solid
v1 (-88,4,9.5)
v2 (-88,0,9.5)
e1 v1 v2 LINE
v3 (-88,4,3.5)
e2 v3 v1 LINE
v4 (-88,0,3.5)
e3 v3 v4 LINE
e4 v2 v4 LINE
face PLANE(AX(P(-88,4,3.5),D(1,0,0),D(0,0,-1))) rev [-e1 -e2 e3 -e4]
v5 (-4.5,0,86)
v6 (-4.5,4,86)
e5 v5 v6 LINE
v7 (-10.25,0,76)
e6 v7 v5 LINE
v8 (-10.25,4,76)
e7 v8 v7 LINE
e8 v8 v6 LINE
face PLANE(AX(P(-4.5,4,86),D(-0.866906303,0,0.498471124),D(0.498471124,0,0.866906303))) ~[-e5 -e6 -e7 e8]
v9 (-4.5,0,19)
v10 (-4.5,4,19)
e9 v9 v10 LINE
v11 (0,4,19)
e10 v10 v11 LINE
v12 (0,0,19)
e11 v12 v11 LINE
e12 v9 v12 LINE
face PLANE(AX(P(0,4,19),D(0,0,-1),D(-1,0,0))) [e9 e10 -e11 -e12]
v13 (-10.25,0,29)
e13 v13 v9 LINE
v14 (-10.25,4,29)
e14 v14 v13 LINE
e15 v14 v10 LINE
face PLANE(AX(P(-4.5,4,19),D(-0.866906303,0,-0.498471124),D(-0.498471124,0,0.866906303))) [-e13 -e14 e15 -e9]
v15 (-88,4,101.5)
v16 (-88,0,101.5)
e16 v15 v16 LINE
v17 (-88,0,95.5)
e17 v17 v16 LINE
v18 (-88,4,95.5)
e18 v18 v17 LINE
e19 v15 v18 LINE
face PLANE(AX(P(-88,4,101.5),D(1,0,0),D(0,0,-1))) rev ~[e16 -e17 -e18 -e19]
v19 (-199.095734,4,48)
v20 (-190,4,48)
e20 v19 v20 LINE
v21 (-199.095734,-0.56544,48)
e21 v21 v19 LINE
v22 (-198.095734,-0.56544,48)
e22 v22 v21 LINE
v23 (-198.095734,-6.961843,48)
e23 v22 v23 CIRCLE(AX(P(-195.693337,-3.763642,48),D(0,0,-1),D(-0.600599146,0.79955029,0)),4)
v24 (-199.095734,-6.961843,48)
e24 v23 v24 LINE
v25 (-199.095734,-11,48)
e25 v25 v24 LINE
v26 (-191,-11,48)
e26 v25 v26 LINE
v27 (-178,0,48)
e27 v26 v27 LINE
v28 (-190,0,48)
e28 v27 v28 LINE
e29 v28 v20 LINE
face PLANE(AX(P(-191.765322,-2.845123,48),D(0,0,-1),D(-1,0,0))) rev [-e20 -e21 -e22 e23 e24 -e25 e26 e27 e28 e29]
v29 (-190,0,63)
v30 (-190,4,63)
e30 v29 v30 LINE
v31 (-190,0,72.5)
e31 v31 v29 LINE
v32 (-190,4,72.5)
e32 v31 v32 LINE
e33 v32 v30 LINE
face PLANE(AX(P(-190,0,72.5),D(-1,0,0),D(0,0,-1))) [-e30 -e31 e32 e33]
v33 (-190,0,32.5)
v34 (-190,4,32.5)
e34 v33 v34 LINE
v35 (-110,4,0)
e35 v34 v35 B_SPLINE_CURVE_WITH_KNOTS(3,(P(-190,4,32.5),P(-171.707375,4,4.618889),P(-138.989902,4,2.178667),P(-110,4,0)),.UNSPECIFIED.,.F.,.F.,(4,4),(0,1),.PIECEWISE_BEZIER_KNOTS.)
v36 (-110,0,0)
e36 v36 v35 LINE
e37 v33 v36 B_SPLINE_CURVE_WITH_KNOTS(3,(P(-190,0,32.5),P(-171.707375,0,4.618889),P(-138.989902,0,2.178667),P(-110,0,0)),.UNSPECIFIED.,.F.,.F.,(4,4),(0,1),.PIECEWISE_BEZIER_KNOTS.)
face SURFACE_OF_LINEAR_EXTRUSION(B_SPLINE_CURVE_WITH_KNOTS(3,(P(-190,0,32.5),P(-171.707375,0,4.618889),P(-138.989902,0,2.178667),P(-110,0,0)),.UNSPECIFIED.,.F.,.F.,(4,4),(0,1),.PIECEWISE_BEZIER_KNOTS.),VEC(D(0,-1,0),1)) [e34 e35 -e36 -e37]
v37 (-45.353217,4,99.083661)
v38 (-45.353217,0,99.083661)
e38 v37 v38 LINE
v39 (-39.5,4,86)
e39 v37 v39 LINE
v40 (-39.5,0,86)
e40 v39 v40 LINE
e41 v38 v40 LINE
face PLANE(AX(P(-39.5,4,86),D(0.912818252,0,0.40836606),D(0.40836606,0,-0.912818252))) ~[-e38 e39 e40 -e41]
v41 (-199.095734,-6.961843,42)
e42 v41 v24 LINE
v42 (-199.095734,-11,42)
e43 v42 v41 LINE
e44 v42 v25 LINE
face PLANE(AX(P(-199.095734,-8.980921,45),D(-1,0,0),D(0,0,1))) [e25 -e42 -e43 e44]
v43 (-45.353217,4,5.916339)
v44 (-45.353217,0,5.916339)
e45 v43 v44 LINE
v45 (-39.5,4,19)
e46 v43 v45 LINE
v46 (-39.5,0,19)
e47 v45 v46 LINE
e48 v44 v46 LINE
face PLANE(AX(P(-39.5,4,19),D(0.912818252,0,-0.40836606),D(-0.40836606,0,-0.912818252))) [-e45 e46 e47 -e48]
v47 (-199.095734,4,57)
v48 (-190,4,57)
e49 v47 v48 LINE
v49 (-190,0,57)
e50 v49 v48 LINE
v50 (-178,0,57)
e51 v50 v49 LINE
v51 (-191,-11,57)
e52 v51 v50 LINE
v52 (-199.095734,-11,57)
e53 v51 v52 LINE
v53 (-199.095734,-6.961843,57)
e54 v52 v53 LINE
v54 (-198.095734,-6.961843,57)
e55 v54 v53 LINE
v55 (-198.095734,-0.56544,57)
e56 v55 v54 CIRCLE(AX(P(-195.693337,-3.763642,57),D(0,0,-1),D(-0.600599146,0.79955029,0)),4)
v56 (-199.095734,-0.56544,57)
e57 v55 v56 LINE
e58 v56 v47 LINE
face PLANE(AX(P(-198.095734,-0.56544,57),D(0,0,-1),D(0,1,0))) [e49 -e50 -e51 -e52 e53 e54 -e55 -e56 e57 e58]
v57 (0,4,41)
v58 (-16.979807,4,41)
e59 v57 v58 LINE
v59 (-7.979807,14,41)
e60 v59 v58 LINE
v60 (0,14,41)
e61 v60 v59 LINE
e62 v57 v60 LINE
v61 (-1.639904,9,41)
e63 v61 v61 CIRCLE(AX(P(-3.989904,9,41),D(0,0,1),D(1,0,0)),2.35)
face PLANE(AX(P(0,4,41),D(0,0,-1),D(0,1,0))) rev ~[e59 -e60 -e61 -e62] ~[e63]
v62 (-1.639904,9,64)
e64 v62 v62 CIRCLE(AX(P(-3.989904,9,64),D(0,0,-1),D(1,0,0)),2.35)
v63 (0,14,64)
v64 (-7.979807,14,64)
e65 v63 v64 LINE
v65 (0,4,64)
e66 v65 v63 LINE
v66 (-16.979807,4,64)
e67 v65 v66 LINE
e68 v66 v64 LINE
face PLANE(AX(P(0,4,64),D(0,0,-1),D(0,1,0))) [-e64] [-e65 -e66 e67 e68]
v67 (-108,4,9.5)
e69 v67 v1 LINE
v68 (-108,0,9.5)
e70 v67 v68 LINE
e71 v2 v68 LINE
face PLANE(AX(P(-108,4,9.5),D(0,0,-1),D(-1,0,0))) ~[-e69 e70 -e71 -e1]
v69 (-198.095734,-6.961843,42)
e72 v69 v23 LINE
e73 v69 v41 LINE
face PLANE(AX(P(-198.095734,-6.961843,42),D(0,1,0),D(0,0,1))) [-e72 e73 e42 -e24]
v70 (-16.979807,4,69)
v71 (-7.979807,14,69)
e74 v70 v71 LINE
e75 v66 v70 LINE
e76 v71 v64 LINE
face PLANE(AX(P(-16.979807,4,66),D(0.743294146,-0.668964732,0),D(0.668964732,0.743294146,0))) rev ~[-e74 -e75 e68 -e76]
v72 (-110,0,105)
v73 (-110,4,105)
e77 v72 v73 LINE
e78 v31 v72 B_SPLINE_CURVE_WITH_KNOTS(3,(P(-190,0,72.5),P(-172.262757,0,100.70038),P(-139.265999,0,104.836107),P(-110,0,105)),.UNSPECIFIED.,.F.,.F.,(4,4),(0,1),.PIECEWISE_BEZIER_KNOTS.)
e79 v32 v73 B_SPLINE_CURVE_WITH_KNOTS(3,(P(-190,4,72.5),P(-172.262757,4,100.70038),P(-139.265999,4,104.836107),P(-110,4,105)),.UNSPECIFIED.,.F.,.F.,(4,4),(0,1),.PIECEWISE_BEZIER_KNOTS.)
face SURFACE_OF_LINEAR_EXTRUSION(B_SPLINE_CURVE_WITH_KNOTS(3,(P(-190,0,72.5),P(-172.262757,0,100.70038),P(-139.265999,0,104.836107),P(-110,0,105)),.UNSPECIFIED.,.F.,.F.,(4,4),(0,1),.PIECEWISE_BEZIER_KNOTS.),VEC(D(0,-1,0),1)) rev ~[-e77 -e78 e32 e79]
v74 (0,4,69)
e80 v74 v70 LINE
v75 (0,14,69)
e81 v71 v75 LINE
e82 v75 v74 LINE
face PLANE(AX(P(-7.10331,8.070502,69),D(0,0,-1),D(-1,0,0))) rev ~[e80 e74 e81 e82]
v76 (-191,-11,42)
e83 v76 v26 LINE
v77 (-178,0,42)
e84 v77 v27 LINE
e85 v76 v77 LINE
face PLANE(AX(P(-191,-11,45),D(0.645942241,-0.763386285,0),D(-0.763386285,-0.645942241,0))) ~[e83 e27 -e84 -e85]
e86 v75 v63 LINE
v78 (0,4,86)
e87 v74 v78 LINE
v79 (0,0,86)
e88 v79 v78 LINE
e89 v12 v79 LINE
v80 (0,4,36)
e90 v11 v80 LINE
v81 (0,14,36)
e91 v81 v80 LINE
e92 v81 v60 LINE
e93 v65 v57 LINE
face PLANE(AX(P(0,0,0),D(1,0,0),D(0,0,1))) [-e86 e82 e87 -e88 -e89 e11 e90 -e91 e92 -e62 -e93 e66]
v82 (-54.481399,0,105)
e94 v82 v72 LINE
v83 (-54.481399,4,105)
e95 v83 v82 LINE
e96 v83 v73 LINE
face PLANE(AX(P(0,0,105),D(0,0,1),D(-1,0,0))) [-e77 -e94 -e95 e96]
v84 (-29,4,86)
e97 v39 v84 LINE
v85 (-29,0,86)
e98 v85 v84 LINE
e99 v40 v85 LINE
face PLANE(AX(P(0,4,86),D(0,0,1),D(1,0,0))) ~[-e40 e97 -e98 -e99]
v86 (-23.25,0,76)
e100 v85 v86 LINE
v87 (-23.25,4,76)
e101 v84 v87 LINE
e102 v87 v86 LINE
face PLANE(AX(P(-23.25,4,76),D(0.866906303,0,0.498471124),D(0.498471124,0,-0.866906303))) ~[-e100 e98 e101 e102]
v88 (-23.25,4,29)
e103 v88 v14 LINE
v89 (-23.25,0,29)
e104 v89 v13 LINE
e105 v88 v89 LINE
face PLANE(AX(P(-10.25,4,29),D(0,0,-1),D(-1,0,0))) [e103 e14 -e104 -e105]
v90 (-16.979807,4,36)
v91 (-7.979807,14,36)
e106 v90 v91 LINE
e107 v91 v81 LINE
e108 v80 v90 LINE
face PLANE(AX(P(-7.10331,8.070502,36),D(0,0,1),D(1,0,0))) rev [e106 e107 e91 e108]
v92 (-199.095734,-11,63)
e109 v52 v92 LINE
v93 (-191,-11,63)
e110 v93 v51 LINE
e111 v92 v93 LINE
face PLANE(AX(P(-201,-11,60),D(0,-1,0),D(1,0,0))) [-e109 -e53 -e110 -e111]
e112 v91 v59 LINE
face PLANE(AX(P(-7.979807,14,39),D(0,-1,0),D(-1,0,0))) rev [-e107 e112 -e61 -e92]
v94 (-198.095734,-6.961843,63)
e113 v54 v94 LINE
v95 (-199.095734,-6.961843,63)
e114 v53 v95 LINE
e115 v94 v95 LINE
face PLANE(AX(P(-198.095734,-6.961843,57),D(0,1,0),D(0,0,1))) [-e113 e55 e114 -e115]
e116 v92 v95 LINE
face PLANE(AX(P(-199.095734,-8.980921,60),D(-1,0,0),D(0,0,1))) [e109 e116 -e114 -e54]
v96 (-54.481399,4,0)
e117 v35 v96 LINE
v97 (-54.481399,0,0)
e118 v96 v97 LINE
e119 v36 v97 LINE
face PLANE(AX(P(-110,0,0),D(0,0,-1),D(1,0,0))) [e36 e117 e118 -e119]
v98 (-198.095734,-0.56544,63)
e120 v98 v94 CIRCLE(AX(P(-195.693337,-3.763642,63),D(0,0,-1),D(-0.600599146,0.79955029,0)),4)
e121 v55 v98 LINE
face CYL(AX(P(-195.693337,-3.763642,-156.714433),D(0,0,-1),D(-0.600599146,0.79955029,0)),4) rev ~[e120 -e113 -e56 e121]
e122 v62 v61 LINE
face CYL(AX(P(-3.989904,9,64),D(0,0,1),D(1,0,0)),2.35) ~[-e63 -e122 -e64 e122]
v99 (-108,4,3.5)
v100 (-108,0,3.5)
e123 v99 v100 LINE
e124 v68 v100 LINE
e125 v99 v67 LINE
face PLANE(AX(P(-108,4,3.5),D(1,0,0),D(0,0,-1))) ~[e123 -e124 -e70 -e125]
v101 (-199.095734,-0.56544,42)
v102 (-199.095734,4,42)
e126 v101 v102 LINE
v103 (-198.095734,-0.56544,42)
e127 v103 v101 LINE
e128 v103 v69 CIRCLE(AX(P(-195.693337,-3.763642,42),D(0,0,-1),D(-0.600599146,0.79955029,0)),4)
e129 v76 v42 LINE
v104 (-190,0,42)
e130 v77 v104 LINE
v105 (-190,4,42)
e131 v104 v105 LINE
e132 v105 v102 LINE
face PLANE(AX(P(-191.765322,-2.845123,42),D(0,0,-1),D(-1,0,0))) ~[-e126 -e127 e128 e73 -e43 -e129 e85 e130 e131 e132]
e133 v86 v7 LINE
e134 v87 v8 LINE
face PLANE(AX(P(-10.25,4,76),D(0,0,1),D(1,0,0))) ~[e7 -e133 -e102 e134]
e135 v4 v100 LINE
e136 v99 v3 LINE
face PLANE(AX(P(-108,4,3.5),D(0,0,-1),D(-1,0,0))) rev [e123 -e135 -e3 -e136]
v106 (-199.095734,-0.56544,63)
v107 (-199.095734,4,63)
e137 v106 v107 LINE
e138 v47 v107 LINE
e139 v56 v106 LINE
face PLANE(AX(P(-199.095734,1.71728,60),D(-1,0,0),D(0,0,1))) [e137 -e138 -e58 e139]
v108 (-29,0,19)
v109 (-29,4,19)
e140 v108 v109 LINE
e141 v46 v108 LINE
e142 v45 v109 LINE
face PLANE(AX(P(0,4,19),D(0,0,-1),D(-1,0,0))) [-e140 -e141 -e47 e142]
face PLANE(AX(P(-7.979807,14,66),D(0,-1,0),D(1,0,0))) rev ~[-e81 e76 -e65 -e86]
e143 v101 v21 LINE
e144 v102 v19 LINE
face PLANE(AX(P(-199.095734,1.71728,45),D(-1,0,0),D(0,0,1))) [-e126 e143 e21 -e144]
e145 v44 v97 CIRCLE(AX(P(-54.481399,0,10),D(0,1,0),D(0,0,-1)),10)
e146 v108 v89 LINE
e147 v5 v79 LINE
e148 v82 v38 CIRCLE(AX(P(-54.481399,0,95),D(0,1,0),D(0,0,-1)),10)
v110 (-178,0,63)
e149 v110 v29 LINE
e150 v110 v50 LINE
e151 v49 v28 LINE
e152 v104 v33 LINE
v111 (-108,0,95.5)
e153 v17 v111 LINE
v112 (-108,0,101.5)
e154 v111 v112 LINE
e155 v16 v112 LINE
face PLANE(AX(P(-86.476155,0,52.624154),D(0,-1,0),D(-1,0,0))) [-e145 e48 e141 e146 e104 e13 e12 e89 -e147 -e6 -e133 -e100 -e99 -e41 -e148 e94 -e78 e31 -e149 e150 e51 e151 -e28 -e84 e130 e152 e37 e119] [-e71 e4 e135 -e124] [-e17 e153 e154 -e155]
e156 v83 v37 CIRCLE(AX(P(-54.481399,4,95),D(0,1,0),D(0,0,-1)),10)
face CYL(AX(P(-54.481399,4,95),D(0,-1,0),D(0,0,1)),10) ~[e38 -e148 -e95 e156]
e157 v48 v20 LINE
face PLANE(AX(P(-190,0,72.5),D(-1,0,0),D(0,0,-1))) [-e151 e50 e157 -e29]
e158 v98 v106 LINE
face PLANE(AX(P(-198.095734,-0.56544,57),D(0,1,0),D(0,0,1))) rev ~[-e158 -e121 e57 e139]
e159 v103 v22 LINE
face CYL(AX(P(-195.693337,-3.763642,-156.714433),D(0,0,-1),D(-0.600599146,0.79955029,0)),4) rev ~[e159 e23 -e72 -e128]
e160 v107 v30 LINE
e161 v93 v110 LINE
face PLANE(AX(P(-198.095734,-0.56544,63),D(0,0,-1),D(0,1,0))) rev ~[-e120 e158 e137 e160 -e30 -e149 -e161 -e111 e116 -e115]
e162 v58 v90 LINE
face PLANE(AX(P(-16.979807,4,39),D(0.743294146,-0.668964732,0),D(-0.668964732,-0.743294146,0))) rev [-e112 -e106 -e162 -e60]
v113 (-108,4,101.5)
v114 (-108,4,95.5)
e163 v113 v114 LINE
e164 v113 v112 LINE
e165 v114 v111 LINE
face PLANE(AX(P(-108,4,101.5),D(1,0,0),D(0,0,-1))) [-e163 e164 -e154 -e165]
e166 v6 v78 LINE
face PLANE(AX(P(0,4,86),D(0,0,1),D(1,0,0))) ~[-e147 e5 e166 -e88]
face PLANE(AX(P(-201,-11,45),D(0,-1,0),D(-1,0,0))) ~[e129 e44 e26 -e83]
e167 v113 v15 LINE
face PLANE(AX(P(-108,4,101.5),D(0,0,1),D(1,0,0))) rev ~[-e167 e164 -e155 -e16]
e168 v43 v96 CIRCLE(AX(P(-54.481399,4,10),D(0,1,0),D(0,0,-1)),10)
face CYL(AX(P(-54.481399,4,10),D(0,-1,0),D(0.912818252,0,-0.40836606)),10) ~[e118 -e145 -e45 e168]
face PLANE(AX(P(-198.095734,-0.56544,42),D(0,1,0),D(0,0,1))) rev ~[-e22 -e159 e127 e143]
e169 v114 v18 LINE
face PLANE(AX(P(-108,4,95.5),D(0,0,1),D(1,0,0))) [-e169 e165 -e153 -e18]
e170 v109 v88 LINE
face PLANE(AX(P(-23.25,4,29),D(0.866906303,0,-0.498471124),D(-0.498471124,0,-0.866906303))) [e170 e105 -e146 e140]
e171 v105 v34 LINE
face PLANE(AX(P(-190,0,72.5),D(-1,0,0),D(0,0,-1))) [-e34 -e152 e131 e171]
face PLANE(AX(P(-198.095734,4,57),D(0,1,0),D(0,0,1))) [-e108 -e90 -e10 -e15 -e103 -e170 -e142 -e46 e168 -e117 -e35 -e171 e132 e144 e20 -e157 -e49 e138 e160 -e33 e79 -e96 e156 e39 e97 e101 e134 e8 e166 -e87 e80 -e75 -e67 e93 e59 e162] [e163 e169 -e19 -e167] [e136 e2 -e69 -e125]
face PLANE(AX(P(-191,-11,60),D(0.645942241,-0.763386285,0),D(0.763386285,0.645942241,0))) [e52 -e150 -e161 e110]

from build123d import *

# Parameters (mm, degrees)
BOSS_EXTRUDE1_DEPTH     = 4
BOSS_EXTRUDE2_START     = -45
BOSS_EXTRUDE2_DEPTH     = 3
BOSS_EXTRUDE3_START     = -39
BOSS_EXTRUDE3_DEPTH     = 3
BOSS_EXTRUDE4_REACH     = 213.107
SKETCH6_R               = 2.5
SKETCH7_W               = 20
SKETCH7_H               = 6
CUT_EXTRUDE1_DEPTH      = 10
CUT_EXTRUDE2_DEPTH      = 228.268563733
FILLET1_R               = 10
CUT_EXTRUDE3_DEPTH      = 228.268563733
SKETCH12_W              = 23
SKETCH12_H              = 10
CUT_EXTRUDE6_DEPTH      = 21
BOSS_EXTRUDE5_REACH     = 213.407
SKETCH13_R              = 2.35
CUT_EXTRUDE7_DEPTH      = 209.214432859
CUT_EXTRUDE7_DEPTH_BACK = 209.214432859
SKETCH15_W              = 6
SKETCH15_H              = 4.56544039
SKETCH15_H_2            = 4.038157292
BOSS_EXTRUDE6_DEPTH     = 1


with BuildPart() as part:
    # Sketch1 → Boss-Extrude1 (new body)
    with BuildSketch(Plane(origin=(0, 0, 0), x_dir=(1, 0, 0), z_dir=(0, 1, 0))):
        with BuildLine():
            Line((-110, 0), (0, 0))
            Line((0, 0), (0, -105))
            Line((0, -105), (-110, -105))
            add(Edge.make_bspline(
                [(-190, -72.5), (-172.262756658, -100.700379519), (-139.265999107, -104.836107107), (-110, -105)],
                knots=[0, 0, 0, 0, 1, 1, 1, 1], degree=3))
            Line((-190, -72.5), (-190, -32.5))
            add(Edge.make_bspline(
                [(-190, -32.5), (-171.707374586, -4.618888995), (-138.989901699, -2.178666842), (-110, 0)],
                knots=[0, 0, 0, 0, 1, 1, 1, 1], degree=3))
        make_face()
    extrude(amount=BOSS_EXTRUDE1_DEPTH)

    # Sketch2 → Boss-Extrude2 (add, symmetric)
    with BuildSketch(Plane.XY.offset(105).offset(BOSS_EXTRUDE2_START)):
        Polygon((-190, 4), (-201, 4), (-201, -11), (-191, -11), (-178, 0), align=None)
    boss_extrude2 = extrude(amount=BOSS_EXTRUDE2_DEPTH, both=True)

    # Mirror1: Boss-Extrude2 across plane
    add(boss_extrude2.mirror(Plane.XY.offset(52.5)))

    # Sketch5 → Boss-Extrude3 (add, symmetric)
    with BuildSketch(Plane.XY.offset(105).offset(BOSS_EXTRUDE3_START)):
        Polygon((-16.979807258, 4), (-7.979807258, 14), (0, 14), (0, 4), align=None)
    boss_extrude3 = extrude(amount=BOSS_EXTRUDE3_DEPTH, both=True)

    # Mirror4: Boss-Extrude3 across plane
    add(boss_extrude3.mirror(Plane.XY.offset(52.5)))

    # Sketch6 → Boss-Extrude4 (add, up to next)
    with BuildSketch(Plane.XY.offset(42), mode=Mode.PRIVATE) as boss_extrude4_sk1:
        with Locations(Location((-4, 10, 0), (0, 0, 180))):
            Circle(SKETCH6_R)
    boss_extrude4_tool1 = extrude(boss_extrude4_sk1.sketch, amount=BOSS_EXTRUDE4_REACH, mode=Mode.PRIVATE) - part.part
    add(boss_extrude4_tool1.solids().sort_by_distance((-4, 10, 42))[0])

    # Sketch7 → Cut-Extrude1 (cut)
    with BuildSketch(Plane(origin=(0, 4, 0), x_dir=(1, 0, 0), z_dir=(0, 1, 0))):
        with Locations((-98, -98.5)):
            Rectangle(SKETCH7_W, SKETCH7_H)
    cut_extrude1 = extrude(amount=-CUT_EXTRUDE1_DEPTH, mode=Mode.SUBTRACT)

    # Mirror5: Cut-Extrude1 across plane
    add(cut_extrude1.mirror(Plane.XY.offset(52.5)), mode=Mode.SUBTRACT)

    # Sketch10 → Cut-Extrude2 (cut, symmetric)
    with BuildSketch(Plane(origin=(0, 4, 0), x_dir=(1, 0, 0), z_dir=(0, 1, 0))):
        Polygon((0, -19), (-39.5, -19), (-48, 0), (0, 0), align=None)
    cut_extrude2 = extrude(amount=CUT_EXTRUDE2_DEPTH, both=True, mode=Mode.SUBTRACT)

    # Mirror6: Cut-Extrude2 across plane
    add(cut_extrude2.mirror(Plane.XY.offset(52.5)), mode=Mode.SUBTRACT)

    # Fillet1
    fillet1_edges = [part.edges().sort_by_distance(p)[0] for p in [
        (-48, 2, 0),
        (-48, 2, 105),
    ]]
    fillet(fillet1_edges, radius=FILLET1_R)

    # Sketch11 → Cut-Extrude3 (cut, symmetric)
    with BuildSketch(Plane(origin=(0, 4, 0), x_dir=(1, 0, 0), z_dir=(0, 1, 0))):
        Polygon((-4.5, -19), (-10.25, -29), (-23.25, -29), (-29, -19), align=None)
    cut_extrude3 = extrude(amount=CUT_EXTRUDE3_DEPTH, both=True, mode=Mode.SUBTRACT)

    # Mirror7: Cut-Extrude3 across plane
    add(cut_extrude3.mirror(Plane.XY.offset(52.5)), mode=Mode.SUBTRACT)

    # Sketch12 → Cut-Extrude6 (cut)
    with BuildSketch(Plane(origin=(0, 0, 0), x_dir=(0, 0, -1), z_dir=(1, 0, 0))):
        with Locations((-52.5, 9)):
            Rectangle(SKETCH12_W, SKETCH12_H)
    extrude(amount=-CUT_EXTRUDE6_DEPTH, mode=Mode.SUBTRACT)

    # Sketch13 → Boss-Extrude5 (add, up to next)
    with BuildSketch(Plane(origin=(0, 0, 64), x_dir=(-1, 0, 0), z_dir=(0, 0, -1)), mode=Mode.PRIVATE) as boss_extrude5_sk1:
        with Locations(Location((3.989903629, 9, 0), (0, 0, 180))):
            Circle(SKETCH13_R)
    boss_extrude5_tool1 = extrude(boss_extrude5_sk1.sketch, amount=BOSS_EXTRUDE5_REACH, mode=Mode.PRIVATE) - part.part
    add(boss_extrude5_tool1.solids().sort_by_distance((-3.989904, 9, 64))[0])

    # Sketch14 → Cut-Extrude7 (cut, two sides: drawn at the far end of the back side and taken through both)
    with BuildSketch(Plane.XY.offset(52.5).offset(-CUT_EXTRUDE7_DEPTH_BACK)):
        with BuildLine():
            Line((-198.09573372, 4), (-198.09573372, -0.56544039))
            ThreePointArc((-198.09573372, -0.56544039), (-191.693337136, -3.763641549), (-198.09573372, -6.961842708))
            Line((-198.09573372, -6.961842708), (-198.09573372, -11))
            Line((-198.09573372, -11), (-202.719197906, -12.115187625))
            Line((-202.719197906, -12.115187625), (-202.588499271, 4.842960165))
            Line((-202.588499271, 4.842960165), (-198.09573372, 4))
        make_face()
    extrude(amount=CUT_EXTRUDE7_DEPTH + CUT_EXTRUDE7_DEPTH_BACK, mode=Mode.SUBTRACT)

    # Sketch15 → Boss-Extrude6 (add)
    with BuildSketch(Plane.ZY.offset(198.09573372)):
        with Locations((60, 1.717279805)):
            Rectangle(SKETCH15_W, SKETCH15_H)
        with Locations((45, 1.717279805)):
            Rectangle(SKETCH15_W, SKETCH15_H)
        with Locations((45, -8.980921354)):
            Rectangle(SKETCH15_W, SKETCH15_H_2)
        with Locations((60, -8.980921354)):
            Rectangle(SKETCH15_W, SKETCH15_H_2)
    extrude(amount=BOSS_EXTRUDE6_DEPTH)


solid = part.part
